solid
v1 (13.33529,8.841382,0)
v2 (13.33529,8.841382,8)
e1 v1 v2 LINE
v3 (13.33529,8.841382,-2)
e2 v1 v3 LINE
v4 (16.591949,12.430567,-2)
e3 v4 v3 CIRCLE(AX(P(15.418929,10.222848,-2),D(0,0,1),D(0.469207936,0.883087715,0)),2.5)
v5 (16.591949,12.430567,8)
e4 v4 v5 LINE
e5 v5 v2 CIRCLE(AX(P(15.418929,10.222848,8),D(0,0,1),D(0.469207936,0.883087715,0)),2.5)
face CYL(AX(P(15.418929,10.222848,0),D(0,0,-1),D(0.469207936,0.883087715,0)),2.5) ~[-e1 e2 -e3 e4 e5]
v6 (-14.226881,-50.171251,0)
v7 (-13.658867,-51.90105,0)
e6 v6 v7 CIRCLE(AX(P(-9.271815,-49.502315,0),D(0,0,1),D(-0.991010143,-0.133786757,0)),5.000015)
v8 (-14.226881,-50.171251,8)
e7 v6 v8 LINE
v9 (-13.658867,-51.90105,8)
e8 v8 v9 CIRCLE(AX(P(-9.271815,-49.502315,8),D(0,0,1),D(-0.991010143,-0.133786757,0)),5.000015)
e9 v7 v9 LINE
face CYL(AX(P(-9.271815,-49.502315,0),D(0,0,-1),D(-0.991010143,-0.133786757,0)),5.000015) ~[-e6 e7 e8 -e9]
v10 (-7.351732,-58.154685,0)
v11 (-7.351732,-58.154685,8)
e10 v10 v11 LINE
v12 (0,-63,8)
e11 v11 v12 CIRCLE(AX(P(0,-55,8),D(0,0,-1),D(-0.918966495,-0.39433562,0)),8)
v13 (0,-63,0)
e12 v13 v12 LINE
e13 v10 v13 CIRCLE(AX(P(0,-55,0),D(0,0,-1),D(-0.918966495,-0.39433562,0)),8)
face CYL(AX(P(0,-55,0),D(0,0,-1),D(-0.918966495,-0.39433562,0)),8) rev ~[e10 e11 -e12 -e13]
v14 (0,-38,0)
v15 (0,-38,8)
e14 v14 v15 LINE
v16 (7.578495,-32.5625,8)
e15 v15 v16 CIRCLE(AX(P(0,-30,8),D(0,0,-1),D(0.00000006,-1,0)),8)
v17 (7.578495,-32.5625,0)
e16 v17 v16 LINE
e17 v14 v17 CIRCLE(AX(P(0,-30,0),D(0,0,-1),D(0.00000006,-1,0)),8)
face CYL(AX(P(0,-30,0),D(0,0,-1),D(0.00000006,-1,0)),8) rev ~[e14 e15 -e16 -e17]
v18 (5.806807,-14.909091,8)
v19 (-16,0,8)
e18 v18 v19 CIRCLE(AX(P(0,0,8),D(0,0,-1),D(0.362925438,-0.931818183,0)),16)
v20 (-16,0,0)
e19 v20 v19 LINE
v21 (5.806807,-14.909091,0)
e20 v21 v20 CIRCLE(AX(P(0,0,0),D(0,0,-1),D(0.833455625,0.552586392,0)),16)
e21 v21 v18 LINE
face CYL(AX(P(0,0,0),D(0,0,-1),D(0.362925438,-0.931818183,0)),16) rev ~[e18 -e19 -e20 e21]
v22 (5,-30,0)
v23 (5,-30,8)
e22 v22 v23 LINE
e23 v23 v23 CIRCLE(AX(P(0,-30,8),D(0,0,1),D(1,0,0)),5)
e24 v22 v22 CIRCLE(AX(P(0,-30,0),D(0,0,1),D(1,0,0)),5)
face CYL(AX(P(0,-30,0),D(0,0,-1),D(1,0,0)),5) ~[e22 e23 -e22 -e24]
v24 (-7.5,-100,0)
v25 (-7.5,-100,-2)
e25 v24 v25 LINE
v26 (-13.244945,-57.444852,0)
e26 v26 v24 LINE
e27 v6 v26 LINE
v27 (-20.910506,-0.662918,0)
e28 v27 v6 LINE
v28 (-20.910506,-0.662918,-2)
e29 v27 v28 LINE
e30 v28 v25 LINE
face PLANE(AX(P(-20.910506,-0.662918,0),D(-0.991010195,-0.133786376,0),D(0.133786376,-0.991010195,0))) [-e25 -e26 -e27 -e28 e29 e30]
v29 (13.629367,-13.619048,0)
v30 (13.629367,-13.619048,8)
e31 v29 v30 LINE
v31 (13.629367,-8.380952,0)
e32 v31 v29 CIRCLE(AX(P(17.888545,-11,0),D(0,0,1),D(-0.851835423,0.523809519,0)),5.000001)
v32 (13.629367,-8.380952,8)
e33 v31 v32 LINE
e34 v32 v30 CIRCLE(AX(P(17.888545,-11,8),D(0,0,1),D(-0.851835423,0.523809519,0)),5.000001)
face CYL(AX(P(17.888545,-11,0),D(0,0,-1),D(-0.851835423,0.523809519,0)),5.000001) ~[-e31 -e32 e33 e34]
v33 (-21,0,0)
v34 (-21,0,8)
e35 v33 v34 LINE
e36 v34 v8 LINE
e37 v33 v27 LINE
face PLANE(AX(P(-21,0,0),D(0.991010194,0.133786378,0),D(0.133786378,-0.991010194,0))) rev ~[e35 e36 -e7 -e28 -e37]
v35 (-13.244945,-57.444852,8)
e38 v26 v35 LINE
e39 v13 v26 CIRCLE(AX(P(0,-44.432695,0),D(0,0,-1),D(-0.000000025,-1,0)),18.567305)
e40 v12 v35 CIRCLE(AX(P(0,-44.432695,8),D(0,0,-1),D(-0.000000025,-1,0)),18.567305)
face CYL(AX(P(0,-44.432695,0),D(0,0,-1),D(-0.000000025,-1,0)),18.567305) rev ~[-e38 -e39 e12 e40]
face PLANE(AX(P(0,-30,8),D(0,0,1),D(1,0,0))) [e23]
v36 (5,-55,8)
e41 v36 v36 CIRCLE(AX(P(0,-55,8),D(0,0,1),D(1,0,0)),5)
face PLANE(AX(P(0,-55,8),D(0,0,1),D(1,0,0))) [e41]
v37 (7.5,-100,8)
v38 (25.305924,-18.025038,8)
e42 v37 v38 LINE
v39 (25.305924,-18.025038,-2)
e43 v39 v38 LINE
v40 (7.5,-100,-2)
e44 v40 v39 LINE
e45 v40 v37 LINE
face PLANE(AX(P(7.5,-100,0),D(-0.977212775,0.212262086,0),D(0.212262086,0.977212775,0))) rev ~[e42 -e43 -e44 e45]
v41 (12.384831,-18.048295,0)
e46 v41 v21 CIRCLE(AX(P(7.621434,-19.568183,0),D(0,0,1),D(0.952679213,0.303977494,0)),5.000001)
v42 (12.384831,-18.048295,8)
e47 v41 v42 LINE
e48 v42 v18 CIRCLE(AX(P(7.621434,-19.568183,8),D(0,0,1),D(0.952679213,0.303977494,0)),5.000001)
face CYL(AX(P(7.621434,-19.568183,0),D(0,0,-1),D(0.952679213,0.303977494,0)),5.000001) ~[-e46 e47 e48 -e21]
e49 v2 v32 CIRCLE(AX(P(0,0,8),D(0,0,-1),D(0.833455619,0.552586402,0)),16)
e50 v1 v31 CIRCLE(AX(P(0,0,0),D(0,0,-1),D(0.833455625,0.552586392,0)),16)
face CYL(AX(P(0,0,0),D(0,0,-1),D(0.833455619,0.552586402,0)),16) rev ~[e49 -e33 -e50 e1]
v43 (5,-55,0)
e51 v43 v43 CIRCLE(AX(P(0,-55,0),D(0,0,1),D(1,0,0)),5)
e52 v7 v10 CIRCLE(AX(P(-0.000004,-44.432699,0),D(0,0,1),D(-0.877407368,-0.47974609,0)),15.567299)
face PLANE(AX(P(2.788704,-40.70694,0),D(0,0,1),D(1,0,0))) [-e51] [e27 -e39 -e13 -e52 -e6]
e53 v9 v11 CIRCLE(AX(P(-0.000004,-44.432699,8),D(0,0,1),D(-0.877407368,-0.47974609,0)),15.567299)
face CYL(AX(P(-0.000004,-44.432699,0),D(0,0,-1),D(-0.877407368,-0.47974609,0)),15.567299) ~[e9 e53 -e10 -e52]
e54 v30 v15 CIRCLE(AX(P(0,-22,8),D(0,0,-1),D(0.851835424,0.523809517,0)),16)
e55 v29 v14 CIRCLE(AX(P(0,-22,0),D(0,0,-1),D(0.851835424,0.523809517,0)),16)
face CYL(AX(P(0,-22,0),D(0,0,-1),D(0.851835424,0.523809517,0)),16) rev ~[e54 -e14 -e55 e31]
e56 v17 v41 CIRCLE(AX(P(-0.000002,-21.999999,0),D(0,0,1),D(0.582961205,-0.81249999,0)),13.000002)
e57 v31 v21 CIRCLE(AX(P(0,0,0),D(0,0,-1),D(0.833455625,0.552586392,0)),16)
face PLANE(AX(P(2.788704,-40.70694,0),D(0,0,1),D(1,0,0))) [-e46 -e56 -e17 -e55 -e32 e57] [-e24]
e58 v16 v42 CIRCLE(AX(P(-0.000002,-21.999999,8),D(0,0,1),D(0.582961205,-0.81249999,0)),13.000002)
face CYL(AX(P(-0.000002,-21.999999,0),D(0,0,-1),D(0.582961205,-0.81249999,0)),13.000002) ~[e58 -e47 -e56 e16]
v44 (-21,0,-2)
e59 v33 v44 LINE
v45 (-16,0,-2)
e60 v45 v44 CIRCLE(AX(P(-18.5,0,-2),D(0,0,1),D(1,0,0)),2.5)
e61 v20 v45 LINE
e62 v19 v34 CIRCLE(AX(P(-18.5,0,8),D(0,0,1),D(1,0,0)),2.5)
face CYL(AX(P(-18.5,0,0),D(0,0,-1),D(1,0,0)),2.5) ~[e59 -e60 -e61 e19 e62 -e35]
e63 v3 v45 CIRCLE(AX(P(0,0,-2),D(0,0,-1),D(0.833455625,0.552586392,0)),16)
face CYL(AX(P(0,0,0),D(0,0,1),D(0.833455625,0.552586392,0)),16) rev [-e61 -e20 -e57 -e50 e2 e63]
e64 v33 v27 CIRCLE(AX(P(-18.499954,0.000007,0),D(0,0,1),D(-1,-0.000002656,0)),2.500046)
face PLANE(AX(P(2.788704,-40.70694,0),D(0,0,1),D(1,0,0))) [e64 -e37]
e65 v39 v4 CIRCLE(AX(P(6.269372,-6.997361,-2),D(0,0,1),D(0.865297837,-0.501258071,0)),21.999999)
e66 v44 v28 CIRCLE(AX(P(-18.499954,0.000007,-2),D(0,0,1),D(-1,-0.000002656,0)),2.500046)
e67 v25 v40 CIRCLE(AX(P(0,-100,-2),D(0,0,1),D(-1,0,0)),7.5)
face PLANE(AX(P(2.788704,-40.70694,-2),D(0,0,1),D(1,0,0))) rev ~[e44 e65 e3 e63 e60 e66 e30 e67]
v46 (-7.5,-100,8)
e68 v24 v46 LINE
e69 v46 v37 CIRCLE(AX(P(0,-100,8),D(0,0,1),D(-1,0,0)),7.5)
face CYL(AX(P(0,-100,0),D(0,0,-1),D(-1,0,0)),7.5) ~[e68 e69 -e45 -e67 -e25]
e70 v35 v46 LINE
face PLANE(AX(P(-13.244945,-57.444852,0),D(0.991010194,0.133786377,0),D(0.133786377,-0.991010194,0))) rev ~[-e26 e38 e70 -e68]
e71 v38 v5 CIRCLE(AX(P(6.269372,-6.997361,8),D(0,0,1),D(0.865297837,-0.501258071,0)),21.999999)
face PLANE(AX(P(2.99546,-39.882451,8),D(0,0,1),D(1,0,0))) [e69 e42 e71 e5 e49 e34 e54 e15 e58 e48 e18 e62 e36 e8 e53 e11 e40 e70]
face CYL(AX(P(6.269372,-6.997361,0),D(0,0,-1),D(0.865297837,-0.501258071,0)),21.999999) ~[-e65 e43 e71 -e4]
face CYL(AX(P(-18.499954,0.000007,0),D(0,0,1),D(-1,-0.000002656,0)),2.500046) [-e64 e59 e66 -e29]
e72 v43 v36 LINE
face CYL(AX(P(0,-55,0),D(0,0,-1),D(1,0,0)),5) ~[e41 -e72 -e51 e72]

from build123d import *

# Parameters (mm, degrees)
F2_DEPTH = 2
F0_R     = 5
F3_DEPTH = 8


with BuildPart() as f2:
    # F1 (on Top) → F2 (new body)
    with BuildSketch(Plane.XY):
        with BuildLine():
            ThreePointArc((13.33529, 8.841382), (4.617107, -15.319345), (-16, 0))
            ThreePointArc((-16, 0), (-18.5, 2.5), (-21, 0))
            Line((-21, 0), (-20.910506, -0.662918))
            Line((-20.910506, -0.662918), (-7.5, -100))
            ThreePointArc((-7.5, -100), (0, -107.5), (7.5, -100))
            Line((7.5, -100), (25.305924, -18.025038))
            ThreePointArc((25.305924, -18.025038), (27.420627, -0.945552), (16.591949, 12.430567))
            ThreePointArc((16.591949, 12.430567), (13.567479, 11.902768), (13.33529, 8.841382))
        make_face()
        with BuildLine():
            Line((-20.910506, -0.662918), (-21, 0))
            ThreePointArc((-21, 0), (-20.977525, -0.334466), (-20.910506, -0.662918))
        make_face()
    extrude(amount=-F2_DEPTH)

    # F0 (on Top) → F3 (join)
    with BuildSketch(Plane.XY):
        with BuildLine():
            Line((-13.244945, -57.444852), (-7.5, -100))
            ThreePointArc((-7.5, -100), (0, -107.5), (7.5, -100))
            Line((7.5, -100), (25.305924, -18.025038))
            ThreePointArc((25.305924, -18.025038), (27.420627, -0.945552), (16.591949, 12.430567))
            ThreePointArc((16.591949, 12.430567), (13.567479, 11.902768), (13.33529, 8.841382))
            ThreePointArc((13.33529, 8.841382), (15.997668, 0.273165), (13.629367, -8.380952))
            ThreePointArc((13.629367, -8.380952), (12.888544, -11), (13.629367, -13.619048))
            ThreePointArc((13.629367, -13.619048), (13.965945, -29.807201), (0, -38))
            ThreePointArc((0, -38), (-4.66369, -23.5), (7.578495, -32.5625))
            ThreePointArc((7.578495, -32.5625), (12.340953, -26.08667), (12.384831, -18.048295))
            ThreePointArc((12.384831, -18.048295), (9.774911, -15.055695), (5.806807, -14.909091))
            ThreePointArc((5.806807, -14.909091), (-9.030257, -13.208121), (-16, 0))
            ThreePointArc((-16, 0), (-18.5, 2.5), (-21, 0))
            Line((-21, 0), (-14.226881, -50.171251))
            ThreePointArc((-14.226881, -50.171251), (-14.022272, -51.062223), (-13.658867, -51.90105))
            ThreePointArc((-13.658867, -51.90105), (-10.960762, -55.487227), (-7.351732, -58.154685))
            ThreePointArc((-7.351732, -58.154685), (4.402415, -48.320274), (0, -63))
            ThreePointArc((0, -63), (-7.181369, -61.554983), (-13.244945, -57.444852))
        make_face()
        with Locations((0, -30)):
            Circle(F0_R)
        with Locations((0, -55)):
            Circle(F0_R)
    extrude(amount=F3_DEPTH)


solid = f2.part
